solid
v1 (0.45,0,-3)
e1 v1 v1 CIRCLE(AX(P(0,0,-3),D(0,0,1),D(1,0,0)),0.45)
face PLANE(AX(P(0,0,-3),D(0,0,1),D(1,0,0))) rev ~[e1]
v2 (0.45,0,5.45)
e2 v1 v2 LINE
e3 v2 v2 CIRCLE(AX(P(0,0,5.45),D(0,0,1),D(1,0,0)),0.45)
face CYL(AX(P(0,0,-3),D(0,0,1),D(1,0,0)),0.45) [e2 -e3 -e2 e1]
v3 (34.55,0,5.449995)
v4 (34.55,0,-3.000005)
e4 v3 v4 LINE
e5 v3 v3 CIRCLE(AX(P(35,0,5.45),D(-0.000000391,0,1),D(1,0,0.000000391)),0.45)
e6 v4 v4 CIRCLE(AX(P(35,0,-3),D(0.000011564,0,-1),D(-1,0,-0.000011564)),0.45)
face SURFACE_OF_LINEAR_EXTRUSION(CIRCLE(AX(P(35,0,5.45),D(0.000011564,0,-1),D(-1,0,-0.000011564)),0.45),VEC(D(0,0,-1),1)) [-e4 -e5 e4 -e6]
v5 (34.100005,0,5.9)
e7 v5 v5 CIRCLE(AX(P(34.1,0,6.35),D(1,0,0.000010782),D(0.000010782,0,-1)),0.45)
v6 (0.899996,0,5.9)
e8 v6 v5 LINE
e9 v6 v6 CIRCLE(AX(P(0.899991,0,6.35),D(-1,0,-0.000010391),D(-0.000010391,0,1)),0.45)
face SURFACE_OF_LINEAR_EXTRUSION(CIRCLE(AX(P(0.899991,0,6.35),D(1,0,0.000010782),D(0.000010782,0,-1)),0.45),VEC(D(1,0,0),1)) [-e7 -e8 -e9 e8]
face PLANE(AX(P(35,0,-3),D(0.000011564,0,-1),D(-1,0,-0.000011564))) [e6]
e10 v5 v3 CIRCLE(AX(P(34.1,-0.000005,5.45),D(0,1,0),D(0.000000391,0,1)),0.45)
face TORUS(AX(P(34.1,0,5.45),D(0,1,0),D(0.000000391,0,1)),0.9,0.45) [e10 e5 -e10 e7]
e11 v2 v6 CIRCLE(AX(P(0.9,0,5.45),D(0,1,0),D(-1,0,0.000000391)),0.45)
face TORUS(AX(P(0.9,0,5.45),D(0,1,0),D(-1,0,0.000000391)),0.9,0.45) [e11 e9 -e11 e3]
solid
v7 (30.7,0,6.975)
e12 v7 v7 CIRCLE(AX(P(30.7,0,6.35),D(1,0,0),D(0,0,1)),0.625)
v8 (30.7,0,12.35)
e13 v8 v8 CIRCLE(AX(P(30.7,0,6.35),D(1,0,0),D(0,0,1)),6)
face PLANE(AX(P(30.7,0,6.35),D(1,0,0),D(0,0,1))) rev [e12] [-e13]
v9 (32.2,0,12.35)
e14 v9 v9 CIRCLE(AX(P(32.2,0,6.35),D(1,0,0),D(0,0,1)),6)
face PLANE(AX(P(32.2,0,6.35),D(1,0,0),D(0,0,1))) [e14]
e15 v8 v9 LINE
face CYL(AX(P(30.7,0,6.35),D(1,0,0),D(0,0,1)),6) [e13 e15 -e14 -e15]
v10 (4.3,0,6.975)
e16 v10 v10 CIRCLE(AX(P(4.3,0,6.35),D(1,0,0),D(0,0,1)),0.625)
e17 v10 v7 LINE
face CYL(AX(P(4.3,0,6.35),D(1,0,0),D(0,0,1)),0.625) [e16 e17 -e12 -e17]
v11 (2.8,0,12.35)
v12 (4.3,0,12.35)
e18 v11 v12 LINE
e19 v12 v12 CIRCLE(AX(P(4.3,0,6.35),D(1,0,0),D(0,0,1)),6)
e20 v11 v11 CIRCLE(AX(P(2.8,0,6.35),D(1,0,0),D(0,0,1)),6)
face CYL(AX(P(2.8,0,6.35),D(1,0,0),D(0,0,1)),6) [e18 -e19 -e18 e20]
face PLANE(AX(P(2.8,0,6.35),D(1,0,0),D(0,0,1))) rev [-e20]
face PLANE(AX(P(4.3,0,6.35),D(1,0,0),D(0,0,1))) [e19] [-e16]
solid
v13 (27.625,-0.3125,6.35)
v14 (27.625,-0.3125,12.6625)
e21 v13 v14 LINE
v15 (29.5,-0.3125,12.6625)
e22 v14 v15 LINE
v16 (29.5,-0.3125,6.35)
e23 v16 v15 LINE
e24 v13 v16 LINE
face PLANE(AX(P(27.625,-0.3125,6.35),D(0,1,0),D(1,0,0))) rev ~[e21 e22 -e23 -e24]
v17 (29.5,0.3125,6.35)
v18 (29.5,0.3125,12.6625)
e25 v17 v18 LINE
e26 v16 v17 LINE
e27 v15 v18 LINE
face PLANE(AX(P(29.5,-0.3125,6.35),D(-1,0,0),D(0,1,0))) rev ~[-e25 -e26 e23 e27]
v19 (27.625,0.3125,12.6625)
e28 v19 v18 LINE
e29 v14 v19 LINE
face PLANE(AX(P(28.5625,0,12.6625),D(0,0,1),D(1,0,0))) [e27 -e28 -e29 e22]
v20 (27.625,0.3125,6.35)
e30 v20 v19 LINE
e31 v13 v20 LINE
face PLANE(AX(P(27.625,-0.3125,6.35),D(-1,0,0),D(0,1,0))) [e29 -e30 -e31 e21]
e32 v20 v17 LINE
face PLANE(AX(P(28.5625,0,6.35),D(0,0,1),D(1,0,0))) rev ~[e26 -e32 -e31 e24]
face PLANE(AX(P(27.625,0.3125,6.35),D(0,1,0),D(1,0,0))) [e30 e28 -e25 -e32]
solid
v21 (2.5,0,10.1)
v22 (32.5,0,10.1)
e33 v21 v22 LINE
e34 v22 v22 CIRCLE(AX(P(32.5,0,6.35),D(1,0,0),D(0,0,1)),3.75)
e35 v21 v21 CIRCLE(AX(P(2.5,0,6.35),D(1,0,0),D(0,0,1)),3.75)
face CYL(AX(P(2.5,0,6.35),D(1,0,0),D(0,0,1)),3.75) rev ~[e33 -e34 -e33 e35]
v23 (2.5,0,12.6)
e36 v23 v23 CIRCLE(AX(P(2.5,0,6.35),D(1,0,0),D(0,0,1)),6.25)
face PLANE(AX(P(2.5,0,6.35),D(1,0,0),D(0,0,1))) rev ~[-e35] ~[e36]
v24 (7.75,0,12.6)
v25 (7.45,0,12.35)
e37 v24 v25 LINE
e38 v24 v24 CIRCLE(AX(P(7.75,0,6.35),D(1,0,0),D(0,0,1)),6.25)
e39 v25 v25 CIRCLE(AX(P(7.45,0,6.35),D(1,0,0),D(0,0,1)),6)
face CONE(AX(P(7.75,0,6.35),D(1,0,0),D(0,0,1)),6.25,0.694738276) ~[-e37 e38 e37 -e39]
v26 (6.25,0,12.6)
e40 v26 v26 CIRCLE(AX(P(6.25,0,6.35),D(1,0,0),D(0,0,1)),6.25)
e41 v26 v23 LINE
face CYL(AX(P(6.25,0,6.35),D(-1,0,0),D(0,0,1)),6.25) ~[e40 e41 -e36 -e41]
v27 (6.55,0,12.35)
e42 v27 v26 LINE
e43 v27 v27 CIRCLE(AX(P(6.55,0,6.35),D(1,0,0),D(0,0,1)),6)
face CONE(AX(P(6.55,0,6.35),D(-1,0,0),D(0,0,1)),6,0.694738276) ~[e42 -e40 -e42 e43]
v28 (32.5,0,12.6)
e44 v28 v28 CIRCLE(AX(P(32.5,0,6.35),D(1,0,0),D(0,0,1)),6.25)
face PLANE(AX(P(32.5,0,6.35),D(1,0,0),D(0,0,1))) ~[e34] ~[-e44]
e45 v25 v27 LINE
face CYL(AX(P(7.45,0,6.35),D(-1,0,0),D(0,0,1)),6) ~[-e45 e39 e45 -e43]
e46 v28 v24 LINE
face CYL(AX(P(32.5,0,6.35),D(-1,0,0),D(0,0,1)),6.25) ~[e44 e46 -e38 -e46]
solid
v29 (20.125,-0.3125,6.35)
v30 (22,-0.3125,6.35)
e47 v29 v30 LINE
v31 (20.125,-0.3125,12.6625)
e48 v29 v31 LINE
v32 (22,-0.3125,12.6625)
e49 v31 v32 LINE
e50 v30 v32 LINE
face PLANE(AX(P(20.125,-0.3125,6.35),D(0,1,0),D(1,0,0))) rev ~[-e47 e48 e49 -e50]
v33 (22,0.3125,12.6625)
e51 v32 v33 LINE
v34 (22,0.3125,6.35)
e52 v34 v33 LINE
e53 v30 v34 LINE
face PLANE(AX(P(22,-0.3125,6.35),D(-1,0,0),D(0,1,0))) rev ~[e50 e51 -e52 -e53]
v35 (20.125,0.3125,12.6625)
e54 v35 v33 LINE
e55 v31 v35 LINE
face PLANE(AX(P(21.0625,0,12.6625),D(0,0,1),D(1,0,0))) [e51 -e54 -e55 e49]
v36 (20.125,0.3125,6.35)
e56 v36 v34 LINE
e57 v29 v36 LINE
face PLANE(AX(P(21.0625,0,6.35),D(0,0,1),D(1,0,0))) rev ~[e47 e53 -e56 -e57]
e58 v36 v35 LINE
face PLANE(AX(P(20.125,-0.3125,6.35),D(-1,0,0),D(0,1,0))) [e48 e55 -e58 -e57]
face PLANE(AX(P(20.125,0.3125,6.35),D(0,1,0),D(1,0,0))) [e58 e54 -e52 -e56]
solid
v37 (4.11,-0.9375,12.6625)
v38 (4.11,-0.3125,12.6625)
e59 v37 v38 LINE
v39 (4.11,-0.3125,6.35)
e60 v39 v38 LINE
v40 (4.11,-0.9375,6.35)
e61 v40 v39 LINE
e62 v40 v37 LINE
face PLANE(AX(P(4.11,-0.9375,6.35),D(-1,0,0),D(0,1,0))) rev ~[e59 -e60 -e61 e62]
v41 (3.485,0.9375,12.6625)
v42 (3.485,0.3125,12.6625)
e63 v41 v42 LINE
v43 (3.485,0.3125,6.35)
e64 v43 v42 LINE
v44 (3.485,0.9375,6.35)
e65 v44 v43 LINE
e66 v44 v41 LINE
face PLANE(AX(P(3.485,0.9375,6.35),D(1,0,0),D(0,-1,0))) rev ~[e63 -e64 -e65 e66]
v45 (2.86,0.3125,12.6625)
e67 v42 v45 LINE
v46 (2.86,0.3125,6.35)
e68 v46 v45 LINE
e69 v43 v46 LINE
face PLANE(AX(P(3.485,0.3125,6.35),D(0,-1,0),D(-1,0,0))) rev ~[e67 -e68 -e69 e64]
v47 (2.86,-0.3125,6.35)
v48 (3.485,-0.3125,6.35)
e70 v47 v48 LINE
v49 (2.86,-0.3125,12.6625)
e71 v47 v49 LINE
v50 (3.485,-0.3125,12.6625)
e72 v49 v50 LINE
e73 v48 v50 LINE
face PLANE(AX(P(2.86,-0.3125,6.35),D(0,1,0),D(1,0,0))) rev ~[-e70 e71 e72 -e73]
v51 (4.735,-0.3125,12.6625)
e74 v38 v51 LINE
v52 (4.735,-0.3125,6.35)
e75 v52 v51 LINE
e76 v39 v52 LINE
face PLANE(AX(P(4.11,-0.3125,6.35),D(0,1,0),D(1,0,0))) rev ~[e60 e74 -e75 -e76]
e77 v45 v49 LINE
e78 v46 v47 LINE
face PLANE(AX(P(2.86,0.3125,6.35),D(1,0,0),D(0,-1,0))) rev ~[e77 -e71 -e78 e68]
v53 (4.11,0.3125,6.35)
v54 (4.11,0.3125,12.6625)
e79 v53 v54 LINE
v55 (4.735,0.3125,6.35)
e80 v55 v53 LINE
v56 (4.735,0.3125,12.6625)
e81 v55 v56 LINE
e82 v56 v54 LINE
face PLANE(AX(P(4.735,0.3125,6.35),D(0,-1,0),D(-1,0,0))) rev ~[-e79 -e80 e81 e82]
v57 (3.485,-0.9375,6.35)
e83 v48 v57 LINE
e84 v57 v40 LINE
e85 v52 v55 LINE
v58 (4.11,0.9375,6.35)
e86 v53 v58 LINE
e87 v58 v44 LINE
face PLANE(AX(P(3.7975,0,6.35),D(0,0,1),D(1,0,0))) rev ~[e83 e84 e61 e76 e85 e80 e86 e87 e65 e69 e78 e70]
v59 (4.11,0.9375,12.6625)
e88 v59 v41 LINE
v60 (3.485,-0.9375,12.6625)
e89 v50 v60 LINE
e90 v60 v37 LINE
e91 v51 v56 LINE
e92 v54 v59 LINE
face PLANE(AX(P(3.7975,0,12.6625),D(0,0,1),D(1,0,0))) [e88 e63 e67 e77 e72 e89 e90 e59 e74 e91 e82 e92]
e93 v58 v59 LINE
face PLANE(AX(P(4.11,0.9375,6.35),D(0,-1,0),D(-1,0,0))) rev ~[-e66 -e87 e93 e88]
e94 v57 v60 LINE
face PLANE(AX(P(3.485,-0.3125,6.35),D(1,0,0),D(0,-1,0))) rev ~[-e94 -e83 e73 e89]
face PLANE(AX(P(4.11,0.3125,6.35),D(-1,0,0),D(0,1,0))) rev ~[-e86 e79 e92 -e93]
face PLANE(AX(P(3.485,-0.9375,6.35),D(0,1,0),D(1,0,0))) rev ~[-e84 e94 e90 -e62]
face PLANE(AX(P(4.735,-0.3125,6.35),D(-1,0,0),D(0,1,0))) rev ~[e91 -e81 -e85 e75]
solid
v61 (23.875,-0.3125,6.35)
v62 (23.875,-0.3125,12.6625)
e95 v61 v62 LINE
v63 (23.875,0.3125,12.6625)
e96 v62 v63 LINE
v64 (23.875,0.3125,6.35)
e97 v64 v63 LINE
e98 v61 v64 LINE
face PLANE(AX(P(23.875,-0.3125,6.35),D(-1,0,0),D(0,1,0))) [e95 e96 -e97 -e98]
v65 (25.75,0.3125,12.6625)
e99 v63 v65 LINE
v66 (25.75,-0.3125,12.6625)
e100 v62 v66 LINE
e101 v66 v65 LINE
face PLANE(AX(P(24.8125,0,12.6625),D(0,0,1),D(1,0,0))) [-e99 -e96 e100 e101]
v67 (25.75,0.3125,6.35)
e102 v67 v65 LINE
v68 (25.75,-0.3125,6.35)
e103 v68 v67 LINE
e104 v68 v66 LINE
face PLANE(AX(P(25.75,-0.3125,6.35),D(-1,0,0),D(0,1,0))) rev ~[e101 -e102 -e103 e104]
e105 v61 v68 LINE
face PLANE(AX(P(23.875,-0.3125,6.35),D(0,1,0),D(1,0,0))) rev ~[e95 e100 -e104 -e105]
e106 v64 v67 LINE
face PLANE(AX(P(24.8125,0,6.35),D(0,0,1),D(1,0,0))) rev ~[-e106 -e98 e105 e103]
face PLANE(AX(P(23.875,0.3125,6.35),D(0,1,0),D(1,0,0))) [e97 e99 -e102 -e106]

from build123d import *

# Parameters (mm, degrees)
SKETCH_R    = 0.45
SKETCH004_W = 1.875
SKETCH004_H = 0.625
PAD_DEPTH   = 6.3125


with BuildPart() as sweep_body:
    # Sweep: sweep along a path in Sketch001
    with BuildLine(Plane.XZ) as sweep_path:
        Line((0, -3), (0, 5.45))
        ThreePointArc((0, 5.45), (0.263601, 6.086393), (0.899991, 6.35))
        Line((0.899991, 6.35), (34.1, 6.35))
        ThreePointArc((34.1, 6.35), (34.736396, 6.086396), (35, 5.45))
        Line((35, 5.45), (35, -3))
    # Sketch → Sweep (sweep)
    with BuildSketch(Plane.XY.offset(-2)):
        Circle(SKETCH_R)
    sweep(path=sweep_path.line)


with BuildPart() as revolution:
    # Sketch002 → Revolution (revolve)
    with BuildSketch(Plane.XZ):
        Polygon((2.5, 12.6), (2.5, 10.1), (32.5, 10.1), (32.5, 12.6), (7.75, 12.6), (7.45, 12.35), (6.55, 12.35), (6.25, 12.6), align=None)
    revolve(axis=Axis((6.97588, 0, 6.35), (1, 0, 0)))


with BuildPart() as revolution001:
    # Sketch003 → Revolution001 (revolve)
    with BuildSketch(Plane.XZ):
        Polygon((2.8, 12.35), (4.3, 12.35), (4.3, 6.975), (30.7, 6.975), (30.7, 12.35), (32.2, 12.35), (32.2, 6.35), (2.8, 6.35), align=None)
    revolve(axis=Axis((6.97588, 0, 6.35), (1, 0, 0)))


with BuildPart() as pad:
    # Sketch004 → Pad (new body)
    with BuildSketch(Plane.XY.offset(6.35)):
        with Locations((28.5625, 0)):
            Rectangle(SKETCH004_W, SKETCH004_H)
        with Locations((24.8125, 0)):
            Rectangle(SKETCH004_W, SKETCH004_H)
        with Locations((21.0625, 0)):
            Rectangle(SKETCH004_W, SKETCH004_H)
        Polygon((3.485, 0.3125), (2.86, 0.3125), (2.86, -0.3125), (3.485, -0.3125), (3.485, -0.9375), (4.11, -0.9375), (4.11, -0.3125), (4.735, -0.3125), (4.735, 0.3125), (4.11, 0.3125), (4.11, 0.9375), (3.485, 0.9375), align=None)
    extrude(amount=PAD_DEPTH)


solid = Compound([sweep_body.part, revolution.part, revolution001.part, pad.part])
